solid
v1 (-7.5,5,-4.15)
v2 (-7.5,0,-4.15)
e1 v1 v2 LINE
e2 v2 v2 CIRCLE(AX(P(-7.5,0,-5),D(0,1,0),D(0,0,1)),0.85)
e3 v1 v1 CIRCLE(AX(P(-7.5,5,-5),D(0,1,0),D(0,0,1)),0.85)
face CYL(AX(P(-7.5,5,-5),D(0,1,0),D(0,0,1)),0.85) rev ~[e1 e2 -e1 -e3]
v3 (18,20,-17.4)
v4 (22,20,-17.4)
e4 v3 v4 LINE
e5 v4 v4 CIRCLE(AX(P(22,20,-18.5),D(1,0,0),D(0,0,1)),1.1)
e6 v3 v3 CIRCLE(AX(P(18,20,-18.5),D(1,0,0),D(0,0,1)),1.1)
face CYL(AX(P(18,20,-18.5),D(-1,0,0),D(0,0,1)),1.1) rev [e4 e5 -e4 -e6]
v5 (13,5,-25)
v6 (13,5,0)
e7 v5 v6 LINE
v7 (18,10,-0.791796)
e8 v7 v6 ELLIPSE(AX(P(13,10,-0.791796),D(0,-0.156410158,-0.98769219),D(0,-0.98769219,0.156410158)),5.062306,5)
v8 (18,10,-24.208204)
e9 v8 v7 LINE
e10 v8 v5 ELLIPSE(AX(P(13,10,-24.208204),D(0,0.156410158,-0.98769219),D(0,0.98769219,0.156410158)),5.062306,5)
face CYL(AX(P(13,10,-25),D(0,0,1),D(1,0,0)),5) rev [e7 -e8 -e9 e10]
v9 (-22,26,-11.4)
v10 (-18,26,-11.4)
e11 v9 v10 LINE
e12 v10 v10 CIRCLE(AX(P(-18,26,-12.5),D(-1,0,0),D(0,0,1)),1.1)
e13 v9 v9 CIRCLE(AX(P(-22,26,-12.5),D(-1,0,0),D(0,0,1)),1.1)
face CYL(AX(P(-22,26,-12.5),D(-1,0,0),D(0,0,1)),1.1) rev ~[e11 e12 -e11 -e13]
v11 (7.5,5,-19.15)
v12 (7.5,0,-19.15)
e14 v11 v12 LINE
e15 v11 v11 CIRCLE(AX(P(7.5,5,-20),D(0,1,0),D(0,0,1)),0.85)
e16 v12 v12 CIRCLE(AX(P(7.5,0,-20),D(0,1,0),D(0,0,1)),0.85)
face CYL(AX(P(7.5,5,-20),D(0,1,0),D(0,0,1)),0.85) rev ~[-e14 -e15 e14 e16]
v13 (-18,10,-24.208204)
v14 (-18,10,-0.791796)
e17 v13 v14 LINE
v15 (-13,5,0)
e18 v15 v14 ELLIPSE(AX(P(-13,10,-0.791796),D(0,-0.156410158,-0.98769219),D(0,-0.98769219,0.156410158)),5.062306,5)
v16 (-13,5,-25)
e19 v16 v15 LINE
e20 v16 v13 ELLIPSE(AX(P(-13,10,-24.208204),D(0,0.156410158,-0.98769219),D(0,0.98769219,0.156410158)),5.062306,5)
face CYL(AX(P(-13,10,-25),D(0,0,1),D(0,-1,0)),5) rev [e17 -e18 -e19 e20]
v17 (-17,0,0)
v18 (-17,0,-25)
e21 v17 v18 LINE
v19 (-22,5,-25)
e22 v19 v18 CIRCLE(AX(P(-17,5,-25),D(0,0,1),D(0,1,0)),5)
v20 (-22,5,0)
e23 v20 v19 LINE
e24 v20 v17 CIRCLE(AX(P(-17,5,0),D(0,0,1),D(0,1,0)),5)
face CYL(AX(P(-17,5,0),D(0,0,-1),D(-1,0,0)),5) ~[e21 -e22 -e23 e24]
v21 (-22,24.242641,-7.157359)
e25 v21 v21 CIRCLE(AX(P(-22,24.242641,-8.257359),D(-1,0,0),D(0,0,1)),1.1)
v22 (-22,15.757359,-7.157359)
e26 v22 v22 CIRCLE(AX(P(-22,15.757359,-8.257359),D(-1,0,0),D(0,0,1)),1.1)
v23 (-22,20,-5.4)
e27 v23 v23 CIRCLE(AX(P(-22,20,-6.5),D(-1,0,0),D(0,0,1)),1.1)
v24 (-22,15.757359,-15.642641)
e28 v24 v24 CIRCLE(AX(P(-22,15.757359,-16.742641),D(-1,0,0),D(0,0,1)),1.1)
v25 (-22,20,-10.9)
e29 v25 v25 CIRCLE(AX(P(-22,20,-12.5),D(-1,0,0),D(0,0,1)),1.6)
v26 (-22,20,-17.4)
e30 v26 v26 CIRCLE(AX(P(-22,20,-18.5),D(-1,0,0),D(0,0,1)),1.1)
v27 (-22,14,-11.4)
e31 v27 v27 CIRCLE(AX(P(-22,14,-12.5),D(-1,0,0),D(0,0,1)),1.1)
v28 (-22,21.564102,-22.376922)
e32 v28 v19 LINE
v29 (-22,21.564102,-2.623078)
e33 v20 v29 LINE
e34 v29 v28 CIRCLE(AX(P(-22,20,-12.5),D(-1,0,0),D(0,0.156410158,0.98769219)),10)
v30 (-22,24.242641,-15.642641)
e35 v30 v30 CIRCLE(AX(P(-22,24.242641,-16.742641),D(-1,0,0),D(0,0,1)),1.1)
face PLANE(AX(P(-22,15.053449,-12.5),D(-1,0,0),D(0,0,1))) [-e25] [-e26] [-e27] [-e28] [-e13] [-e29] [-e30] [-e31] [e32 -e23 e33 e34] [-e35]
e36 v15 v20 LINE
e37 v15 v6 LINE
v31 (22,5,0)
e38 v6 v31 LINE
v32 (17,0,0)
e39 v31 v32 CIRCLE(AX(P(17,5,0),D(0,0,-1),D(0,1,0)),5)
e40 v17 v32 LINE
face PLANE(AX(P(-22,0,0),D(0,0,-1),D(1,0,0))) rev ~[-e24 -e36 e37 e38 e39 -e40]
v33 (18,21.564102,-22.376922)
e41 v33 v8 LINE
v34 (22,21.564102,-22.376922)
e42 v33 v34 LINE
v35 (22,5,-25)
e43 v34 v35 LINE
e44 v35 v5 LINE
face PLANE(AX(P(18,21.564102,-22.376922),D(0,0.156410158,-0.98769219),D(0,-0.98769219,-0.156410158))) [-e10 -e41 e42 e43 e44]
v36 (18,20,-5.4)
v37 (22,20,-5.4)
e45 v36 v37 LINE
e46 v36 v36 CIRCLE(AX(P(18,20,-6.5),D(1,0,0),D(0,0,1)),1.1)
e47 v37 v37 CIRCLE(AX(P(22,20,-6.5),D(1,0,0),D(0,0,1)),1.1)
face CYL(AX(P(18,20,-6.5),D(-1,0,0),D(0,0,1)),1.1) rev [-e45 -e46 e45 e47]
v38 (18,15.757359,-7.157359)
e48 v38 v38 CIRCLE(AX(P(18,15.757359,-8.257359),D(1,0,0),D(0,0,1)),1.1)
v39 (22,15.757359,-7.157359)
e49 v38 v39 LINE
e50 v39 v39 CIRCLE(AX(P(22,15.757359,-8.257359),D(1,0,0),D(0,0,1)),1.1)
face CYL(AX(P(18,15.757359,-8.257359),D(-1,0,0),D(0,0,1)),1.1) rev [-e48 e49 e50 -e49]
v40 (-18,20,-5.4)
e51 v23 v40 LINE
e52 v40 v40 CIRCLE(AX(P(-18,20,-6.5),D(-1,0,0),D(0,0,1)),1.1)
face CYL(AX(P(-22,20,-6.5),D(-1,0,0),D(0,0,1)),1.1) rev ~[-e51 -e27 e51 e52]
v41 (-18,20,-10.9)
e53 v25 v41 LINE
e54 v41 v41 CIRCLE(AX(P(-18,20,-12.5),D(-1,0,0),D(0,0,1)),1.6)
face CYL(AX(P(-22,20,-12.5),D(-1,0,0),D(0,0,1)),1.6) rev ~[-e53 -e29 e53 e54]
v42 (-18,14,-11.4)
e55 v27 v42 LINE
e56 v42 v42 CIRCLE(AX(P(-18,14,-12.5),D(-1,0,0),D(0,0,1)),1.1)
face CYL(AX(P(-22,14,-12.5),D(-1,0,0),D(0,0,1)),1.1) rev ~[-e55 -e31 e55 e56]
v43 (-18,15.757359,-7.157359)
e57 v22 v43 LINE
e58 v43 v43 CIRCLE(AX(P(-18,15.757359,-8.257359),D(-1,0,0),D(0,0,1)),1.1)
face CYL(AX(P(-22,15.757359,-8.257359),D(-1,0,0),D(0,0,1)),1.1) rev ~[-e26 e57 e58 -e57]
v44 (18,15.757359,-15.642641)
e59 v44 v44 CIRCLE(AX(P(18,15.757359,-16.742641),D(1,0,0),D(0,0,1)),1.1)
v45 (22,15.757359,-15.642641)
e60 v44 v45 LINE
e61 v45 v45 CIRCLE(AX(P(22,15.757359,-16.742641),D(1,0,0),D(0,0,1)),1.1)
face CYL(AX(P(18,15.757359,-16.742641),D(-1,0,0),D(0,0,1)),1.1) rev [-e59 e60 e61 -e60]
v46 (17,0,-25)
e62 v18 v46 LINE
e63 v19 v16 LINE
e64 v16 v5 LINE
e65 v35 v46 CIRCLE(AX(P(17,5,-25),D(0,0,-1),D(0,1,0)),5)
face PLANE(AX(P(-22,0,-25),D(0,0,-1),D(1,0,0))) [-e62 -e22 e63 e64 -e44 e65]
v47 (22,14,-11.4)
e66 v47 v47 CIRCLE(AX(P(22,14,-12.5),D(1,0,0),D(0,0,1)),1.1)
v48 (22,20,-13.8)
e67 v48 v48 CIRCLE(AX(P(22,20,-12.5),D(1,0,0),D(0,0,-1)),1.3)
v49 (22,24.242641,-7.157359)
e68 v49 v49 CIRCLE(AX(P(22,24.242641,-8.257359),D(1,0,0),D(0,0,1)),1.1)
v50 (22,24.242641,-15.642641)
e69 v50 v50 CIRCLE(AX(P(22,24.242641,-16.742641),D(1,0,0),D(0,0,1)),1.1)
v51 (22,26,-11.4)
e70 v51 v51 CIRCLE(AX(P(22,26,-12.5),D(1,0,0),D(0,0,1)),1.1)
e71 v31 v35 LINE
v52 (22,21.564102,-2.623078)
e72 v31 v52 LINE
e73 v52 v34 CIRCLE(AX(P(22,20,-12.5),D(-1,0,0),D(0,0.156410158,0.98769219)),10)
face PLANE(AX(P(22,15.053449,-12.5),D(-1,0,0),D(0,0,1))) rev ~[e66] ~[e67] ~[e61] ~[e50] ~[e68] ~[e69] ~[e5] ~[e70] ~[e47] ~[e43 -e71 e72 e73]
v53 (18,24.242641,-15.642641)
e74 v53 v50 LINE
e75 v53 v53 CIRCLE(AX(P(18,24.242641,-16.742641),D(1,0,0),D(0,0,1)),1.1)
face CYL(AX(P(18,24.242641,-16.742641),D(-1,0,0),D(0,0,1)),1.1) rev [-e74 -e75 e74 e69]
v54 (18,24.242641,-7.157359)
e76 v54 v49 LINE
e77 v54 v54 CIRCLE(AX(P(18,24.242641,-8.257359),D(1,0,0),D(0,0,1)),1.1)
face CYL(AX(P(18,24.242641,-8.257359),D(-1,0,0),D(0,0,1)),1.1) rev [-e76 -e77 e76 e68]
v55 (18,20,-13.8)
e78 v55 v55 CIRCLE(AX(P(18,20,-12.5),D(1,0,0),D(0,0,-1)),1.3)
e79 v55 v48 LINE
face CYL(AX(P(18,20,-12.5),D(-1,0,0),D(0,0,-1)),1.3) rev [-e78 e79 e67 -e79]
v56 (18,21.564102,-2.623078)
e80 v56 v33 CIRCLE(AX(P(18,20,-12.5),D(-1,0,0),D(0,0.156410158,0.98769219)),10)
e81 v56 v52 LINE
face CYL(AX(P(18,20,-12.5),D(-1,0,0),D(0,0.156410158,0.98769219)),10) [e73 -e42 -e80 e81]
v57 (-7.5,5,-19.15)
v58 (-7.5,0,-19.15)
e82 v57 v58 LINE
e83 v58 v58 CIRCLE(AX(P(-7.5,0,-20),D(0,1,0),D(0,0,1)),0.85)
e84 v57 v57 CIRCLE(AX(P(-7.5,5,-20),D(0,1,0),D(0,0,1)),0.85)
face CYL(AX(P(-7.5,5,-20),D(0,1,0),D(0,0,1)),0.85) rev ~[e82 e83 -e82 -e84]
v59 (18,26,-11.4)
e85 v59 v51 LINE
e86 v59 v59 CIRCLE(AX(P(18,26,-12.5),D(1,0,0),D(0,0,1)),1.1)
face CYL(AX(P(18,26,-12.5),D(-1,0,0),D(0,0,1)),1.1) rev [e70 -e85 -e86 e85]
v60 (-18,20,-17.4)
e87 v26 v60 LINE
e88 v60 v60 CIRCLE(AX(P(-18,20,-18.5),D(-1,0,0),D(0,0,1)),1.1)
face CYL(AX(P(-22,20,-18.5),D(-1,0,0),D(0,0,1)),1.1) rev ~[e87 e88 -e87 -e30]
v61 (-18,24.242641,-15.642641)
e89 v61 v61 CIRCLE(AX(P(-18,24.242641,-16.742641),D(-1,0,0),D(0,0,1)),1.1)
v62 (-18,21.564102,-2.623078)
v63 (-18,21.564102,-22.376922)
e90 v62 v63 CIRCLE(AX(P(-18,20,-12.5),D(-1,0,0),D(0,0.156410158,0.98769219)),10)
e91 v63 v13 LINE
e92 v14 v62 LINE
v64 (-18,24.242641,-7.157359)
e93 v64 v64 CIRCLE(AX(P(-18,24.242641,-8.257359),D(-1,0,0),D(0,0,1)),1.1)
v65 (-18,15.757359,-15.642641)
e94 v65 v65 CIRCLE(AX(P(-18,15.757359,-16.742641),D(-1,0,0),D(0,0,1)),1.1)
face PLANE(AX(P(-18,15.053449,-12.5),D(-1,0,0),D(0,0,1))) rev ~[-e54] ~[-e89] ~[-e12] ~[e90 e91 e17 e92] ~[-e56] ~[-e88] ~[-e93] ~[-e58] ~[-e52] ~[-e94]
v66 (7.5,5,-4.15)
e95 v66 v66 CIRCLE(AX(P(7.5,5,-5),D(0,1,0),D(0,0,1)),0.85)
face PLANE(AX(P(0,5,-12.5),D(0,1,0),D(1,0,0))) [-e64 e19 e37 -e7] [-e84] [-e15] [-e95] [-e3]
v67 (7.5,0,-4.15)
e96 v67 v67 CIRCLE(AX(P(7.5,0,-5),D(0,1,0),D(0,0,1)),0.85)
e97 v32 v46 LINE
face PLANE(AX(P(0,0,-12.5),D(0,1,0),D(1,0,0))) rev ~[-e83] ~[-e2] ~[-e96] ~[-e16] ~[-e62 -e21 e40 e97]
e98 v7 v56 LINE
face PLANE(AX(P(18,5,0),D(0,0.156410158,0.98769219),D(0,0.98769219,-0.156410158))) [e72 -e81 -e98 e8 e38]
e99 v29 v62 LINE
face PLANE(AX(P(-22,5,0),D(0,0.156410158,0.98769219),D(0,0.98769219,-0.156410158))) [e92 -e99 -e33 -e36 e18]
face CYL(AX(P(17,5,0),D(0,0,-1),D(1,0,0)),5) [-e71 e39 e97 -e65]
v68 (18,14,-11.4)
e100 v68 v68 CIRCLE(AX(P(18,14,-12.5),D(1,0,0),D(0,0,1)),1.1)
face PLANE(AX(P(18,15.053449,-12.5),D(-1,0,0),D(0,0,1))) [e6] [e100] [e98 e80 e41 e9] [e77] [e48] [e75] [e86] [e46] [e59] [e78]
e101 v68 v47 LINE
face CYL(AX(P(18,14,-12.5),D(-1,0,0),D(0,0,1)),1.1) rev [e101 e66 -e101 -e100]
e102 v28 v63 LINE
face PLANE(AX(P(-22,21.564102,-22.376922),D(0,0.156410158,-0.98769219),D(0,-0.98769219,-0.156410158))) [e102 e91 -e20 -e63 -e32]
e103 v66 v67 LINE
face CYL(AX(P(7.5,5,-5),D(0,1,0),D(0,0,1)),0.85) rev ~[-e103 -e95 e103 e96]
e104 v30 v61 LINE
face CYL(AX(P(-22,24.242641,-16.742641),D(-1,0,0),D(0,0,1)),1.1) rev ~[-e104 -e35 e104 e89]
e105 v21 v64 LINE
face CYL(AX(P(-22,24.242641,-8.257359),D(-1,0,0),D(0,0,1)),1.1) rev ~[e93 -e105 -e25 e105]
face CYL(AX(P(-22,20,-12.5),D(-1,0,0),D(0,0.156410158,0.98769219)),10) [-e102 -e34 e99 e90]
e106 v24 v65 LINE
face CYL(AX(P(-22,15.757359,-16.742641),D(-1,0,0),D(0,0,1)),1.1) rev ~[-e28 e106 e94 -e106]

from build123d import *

# Parameters (mm, degrees)
SKETCH_1_W          = 44
SKETCH_1_H          = 25
EXTRUDE_1_DEPTH     = 5
SKETCH_2_R          = 1.1
SKETCH_2_R_2        = 1.6
EXTRUDE_2_DEPTH     = 4
EXTRUDE_START       = -4
SKETCH_3_R          = 1.3
SKETCH_3_R_2        = 1.1
EXTRUDE_3_DEPTH     = 4
FILLET_1_R          = 5
SKETCH_4_R          = 0.85
CUT_EXTRUDE_1_DEPTH = 5


with BuildPart() as part:
    # ｽｹｯﾁ1 → ﾎﾞｽ - 押し出し1 (new body)
    with BuildSketch(Plane(origin=(0, 0, 0), x_dir=(1, 0, 0), z_dir=(0, 1, 0))):
        with Locations((0, 12.5)):
            Rectangle(SKETCH_1_W, SKETCH_1_H)
    extrude(amount=EXTRUDE_1_DEPTH)

    # ｽｹｯﾁ2 → ﾎﾞｽ - 押し出し2 (add)
    with BuildSketch(Plane.ZY.offset(22)):
        with BuildLine():
            Line((-25, 5), (0, 5))
            Line((0, 5), (-2.623078099, 21.564101584))
            ThreePointArc((-2.623078099, 21.564101584), (-12.5, 30), (-22.376921901, 21.564101584))
            Line((-22.376921901, 21.564101584), (-25, 5))
        make_face()
        with Locations((-12.5, 26)):
            Circle(SKETCH_2_R, mode=Mode.SUBTRACT)
        with Locations((-8.257359313, 24.242640687)):
            Circle(SKETCH_2_R, mode=Mode.SUBTRACT)
        with Locations((-6.5, 20)):
            Circle(SKETCH_2_R, mode=Mode.SUBTRACT)
        with Locations((-8.257359313, 15.757359313)):
            Circle(SKETCH_2_R, mode=Mode.SUBTRACT)
        with Locations((-12.5, 14)):
            Circle(SKETCH_2_R, mode=Mode.SUBTRACT)
        with Locations((-16.742640687, 15.757359313)):
            Circle(SKETCH_2_R, mode=Mode.SUBTRACT)
        with Locations((-18.5, 20)):
            Circle(SKETCH_2_R, mode=Mode.SUBTRACT)
        with Locations((-16.742640687, 24.242640687)):
            Circle(SKETCH_2_R, mode=Mode.SUBTRACT)
        with Locations((-12.5, 20)):
            Circle(SKETCH_2_R_2, mode=Mode.SUBTRACT)
    extrude(amount=-EXTRUDE_2_DEPTH)

    # ｽｹｯﾁ3 → ﾎﾞｽ - 押し出し3 (add)
    with BuildSketch(Plane(origin=(22, 0, 0), x_dir=(0, 0, -1), z_dir=(1, 0, 0)).offset(EXTRUDE_START)):
        with BuildLine():
            Line((0, 5), (2.623078099, 21.564101584))
            ThreePointArc((2.623078099, 21.564101584), (12.5, 30), (22.376921901, 21.564101584))
            Line((22.376921901, 21.564101584), (25, 5))
            Line((25, 5), (0, 5))
        make_face()
        with Locations((12.5, 20)):
            Circle(SKETCH_3_R, mode=Mode.SUBTRACT)
        with Locations(Location((8.257359313, 15.757359313, 0), (0, 0, 180))):
            Circle(SKETCH_3_R_2, mode=Mode.SUBTRACT)
        with Locations(Location((12.5, 14, 0), (0, 0, 180))):
            Circle(SKETCH_3_R_2, mode=Mode.SUBTRACT)
        with Locations(Location((16.742640687, 15.757359313, 0), (0, 0, 180))):
            Circle(SKETCH_3_R_2, mode=Mode.SUBTRACT)
        with Locations(Location((18.5, 20, 0), (0, 0, 180))):
            Circle(SKETCH_3_R_2, mode=Mode.SUBTRACT)
        with Locations(Location((16.742640687, 24.242640687, 0), (0, 0, 180))):
            Circle(SKETCH_3_R_2, mode=Mode.SUBTRACT)
        with Locations(Location((12.5, 26, 0), (0, 0, 180))):
            Circle(SKETCH_3_R_2, mode=Mode.SUBTRACT)
        with Locations(Location((8.257359313, 24.242640687, 0), (0, 0, 180))):
            Circle(SKETCH_3_R_2, mode=Mode.SUBTRACT)
        with Locations(Location((6.5, 20, 0), (0, 0, 180))):
            Circle(SKETCH_3_R_2, mode=Mode.SUBTRACT)
    extrude(amount=EXTRUDE_3_DEPTH)

    # ﾌｨﾚｯﾄ1
    fillet_1_edges = [part.edges().sort_by_distance(p)[0] for p in [
        (18, 5, -12.5),
        (-18, 5, -12.5),
        (22, 0, -12.5),
        (-22, 0, -12.5),
    ]]
    fillet(fillet_1_edges, radius=FILLET_1_R)

    # ｽｹｯﾁ4 → ｶｯﾄ - 押し出し1 (cut)
    with BuildSketch(Plane(origin=(0, 5, 0), x_dir=(1, 0, 0), z_dir=(0, 1, 0))):
        with Locations(Location((-7.5, 20, 0), (0, 0, 270))):
            Circle(SKETCH_4_R)
        with Locations(Location((7.5, 20, 0), (0, 0, 270))):
            Circle(SKETCH_4_R)
        with Locations(Location((7.5, 5, 0), (0, 0, 270))):
            Circle(SKETCH_4_R)
        with Locations(Location((-7.5, 5, 0), (0, 0, 270))):
            Circle(SKETCH_4_R)
    extrude(amount=-CUT_EXTRUDE_1_DEPTH, mode=Mode.SUBTRACT)


solid = part.part
